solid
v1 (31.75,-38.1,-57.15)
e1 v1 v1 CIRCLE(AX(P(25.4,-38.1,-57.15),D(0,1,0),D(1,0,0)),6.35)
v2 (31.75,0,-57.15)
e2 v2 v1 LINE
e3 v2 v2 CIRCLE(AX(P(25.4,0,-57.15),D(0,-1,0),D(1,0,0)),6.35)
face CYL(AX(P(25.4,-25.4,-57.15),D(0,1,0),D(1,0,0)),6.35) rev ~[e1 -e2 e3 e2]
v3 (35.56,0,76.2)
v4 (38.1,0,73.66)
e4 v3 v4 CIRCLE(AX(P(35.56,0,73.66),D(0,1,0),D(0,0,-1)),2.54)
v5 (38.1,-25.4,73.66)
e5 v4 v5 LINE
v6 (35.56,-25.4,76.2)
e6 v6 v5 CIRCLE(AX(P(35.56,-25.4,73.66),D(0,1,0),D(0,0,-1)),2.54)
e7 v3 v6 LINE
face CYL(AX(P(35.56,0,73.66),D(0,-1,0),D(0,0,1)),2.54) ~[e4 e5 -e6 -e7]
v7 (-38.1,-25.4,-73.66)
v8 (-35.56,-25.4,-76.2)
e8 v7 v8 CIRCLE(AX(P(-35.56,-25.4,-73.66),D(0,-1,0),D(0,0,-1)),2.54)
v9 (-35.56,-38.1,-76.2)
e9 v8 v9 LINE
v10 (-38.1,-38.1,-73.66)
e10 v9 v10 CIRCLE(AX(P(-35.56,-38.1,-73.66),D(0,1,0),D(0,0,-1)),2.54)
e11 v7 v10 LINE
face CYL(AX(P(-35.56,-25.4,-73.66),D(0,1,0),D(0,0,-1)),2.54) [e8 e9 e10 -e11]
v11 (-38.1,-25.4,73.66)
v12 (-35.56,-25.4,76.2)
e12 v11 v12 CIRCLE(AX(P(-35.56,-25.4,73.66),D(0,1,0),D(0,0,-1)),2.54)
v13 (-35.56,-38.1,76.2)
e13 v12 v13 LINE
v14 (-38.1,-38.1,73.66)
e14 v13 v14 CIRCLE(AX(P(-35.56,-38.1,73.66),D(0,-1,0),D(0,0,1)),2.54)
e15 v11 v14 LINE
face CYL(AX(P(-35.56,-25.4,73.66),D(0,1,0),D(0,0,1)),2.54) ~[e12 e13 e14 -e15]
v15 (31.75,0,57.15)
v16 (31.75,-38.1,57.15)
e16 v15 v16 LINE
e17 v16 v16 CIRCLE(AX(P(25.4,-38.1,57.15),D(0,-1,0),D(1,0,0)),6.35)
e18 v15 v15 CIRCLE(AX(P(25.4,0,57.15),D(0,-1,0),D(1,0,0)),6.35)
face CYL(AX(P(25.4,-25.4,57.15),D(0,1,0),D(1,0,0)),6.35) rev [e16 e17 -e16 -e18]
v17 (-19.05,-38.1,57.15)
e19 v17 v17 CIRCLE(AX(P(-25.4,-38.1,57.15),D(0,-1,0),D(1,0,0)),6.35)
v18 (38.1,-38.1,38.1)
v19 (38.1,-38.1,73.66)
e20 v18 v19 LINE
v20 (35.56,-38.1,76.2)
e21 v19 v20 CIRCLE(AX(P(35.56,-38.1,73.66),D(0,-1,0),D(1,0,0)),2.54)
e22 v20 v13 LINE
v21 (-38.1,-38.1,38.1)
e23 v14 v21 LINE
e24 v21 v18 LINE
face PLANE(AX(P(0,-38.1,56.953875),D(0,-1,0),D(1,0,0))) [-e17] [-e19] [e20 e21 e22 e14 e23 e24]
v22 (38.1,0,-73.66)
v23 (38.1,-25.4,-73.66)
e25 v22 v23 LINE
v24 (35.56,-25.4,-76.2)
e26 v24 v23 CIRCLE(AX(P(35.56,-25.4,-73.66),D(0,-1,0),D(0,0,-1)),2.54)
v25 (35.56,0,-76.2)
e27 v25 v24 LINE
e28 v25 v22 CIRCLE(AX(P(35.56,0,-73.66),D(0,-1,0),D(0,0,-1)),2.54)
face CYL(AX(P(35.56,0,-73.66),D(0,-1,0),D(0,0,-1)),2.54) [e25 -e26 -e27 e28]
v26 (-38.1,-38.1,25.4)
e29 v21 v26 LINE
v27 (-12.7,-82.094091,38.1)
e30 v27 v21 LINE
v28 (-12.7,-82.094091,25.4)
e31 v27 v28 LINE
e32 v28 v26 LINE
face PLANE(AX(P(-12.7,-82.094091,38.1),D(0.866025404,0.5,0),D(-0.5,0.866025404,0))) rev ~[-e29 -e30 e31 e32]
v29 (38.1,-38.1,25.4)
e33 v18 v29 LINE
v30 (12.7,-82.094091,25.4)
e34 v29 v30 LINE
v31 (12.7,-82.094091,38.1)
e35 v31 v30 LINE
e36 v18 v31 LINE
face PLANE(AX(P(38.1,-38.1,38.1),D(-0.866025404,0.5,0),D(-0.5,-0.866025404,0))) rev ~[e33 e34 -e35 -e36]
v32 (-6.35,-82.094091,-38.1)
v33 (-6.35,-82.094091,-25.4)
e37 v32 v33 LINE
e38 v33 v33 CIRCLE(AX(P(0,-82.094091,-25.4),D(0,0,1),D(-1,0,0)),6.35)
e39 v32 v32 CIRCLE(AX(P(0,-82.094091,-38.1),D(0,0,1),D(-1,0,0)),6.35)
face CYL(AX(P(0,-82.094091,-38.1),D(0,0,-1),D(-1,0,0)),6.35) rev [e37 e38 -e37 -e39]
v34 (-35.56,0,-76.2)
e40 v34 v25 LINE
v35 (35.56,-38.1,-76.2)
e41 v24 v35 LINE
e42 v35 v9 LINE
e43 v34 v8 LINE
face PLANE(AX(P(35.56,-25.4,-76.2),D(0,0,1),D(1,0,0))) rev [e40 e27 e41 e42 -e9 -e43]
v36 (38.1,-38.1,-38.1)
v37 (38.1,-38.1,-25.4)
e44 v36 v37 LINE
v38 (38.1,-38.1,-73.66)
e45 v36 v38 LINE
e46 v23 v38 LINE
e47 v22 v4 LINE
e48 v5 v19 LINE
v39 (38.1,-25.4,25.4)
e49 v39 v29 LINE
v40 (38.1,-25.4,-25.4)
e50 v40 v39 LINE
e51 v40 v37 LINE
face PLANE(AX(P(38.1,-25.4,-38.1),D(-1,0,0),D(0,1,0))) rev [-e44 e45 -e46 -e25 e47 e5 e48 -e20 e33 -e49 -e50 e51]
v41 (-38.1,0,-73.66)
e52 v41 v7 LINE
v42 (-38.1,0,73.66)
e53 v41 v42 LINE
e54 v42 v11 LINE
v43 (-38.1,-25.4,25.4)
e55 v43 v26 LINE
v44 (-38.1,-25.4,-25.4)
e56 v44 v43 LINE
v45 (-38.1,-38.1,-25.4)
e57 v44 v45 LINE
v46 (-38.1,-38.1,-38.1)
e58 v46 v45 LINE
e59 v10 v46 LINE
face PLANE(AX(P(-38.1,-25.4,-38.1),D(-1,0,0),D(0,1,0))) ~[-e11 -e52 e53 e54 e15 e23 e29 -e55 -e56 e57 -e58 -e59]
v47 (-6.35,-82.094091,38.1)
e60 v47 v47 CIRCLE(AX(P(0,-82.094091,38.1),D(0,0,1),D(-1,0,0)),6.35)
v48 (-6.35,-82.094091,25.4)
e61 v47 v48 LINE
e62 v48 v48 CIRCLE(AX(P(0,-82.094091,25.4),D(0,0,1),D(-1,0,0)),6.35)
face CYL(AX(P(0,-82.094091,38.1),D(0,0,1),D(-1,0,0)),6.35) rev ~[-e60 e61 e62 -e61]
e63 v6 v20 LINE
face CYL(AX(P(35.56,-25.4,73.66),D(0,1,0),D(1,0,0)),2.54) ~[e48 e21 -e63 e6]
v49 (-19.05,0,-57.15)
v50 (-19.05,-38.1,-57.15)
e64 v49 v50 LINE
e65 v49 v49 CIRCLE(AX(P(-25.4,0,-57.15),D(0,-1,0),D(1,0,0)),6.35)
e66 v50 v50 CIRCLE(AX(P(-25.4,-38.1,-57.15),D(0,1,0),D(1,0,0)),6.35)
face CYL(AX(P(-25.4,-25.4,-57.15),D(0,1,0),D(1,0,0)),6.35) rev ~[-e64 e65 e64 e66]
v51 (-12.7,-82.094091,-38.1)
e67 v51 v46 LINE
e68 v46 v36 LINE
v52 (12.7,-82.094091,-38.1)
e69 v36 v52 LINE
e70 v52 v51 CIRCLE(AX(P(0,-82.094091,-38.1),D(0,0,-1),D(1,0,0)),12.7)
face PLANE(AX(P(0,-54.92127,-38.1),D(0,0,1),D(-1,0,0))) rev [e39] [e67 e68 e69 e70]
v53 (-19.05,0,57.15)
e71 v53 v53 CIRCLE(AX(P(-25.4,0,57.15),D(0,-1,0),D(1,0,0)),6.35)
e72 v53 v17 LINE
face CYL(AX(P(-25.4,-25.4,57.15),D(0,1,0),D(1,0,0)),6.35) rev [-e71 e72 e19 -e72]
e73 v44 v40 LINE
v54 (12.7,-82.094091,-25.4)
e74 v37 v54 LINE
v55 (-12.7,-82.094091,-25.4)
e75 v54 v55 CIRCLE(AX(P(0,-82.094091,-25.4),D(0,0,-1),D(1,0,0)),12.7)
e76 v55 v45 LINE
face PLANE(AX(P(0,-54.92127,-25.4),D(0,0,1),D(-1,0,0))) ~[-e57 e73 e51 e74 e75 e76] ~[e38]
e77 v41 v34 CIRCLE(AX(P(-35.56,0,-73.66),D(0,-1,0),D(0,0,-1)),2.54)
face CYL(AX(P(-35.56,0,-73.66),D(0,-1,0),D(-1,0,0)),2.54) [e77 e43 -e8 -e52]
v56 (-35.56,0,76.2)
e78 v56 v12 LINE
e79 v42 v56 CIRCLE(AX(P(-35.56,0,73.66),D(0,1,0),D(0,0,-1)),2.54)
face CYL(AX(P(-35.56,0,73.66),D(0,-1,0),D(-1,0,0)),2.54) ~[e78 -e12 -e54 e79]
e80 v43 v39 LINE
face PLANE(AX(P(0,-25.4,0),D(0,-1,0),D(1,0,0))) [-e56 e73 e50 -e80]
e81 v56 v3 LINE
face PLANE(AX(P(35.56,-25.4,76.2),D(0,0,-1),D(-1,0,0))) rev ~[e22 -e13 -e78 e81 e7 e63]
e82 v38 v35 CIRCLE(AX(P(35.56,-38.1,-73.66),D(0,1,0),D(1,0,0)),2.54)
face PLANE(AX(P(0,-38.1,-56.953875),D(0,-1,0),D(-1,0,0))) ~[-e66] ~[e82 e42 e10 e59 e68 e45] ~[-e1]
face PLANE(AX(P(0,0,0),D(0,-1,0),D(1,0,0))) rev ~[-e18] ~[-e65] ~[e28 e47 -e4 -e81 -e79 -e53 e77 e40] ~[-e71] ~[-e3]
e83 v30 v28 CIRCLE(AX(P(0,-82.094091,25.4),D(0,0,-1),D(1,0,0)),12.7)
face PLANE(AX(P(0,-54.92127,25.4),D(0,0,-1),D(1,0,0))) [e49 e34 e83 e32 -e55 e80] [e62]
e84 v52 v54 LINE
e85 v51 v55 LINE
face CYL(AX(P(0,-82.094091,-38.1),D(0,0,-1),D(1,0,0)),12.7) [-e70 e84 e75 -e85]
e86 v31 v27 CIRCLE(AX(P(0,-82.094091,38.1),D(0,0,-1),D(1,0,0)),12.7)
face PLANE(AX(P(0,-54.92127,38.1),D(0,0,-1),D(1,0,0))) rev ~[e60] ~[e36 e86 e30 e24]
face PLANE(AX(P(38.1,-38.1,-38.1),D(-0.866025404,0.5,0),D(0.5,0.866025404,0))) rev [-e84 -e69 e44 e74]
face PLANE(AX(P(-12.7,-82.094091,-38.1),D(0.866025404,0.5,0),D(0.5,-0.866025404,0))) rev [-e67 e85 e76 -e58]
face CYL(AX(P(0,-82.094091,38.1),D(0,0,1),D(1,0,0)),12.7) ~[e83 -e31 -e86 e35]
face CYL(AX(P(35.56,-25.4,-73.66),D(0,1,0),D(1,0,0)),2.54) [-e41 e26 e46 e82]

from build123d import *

# Parameters (mm, degrees)
F0_W     = 76.2
F0_H     = 152.4
F0_R     = 6.35
F1_DEPTH = 25.4
F2_R     = 2.54
F3_R     = 6.35
F4_DEPTH = 12.7
F5_W     = 76.2
F5_H     = 12.7
F6_DEPTH = 12.7


with BuildPart() as f1:
    # F0 (on Front) → F1 (new body)
    with BuildSketch(Plane.XZ):
        Rectangle(F0_W, F0_H)
        with Locations((-25.4, -57.15)):
            Circle(F0_R, mode=Mode.SUBTRACT)
        with Locations((25.4, -57.15)):
            Circle(F0_R, mode=Mode.SUBTRACT)
        with Locations((-25.4, 57.15)):
            Circle(F0_R, mode=Mode.SUBTRACT)
        with Locations((25.4, 57.15)):
            Circle(F0_R, mode=Mode.SUBTRACT)
    extrude(amount=F1_DEPTH)

    # F2
    f2_edges = [f1.edges().sort_by_distance(p)[0] for p in [
        (-38.1, -12.7, 76.2),
        (-38.1, -12.7, -76.2),
        (38.1, -12.7, -76.2),
        (38.1, -12.7, 76.2),
    ]]
    fillet(f2_edges, radius=F2_R)

    # F3 (on face) → F4 (join)
    with BuildSketch(Plane.XZ.offset(25.4)):
        with BuildLine():
            ThreePointArc((38.1, 73.66), (37.3560512242, 75.4560512242), (35.56, 76.2))
            Line((35.56, 76.2), (-35.56, 76.2))
            ThreePointArc((-35.56, 76.2), (-37.3560512242, 75.4560512242), (-38.1, 73.66))
            Line((-38.1, 73.66), (-38.1, 38.1))
            Line((-38.1, 38.1), (38.1, 38.1))
            Line((38.1, 38.1), (38.1, 73.66))
        make_face()
        with Locations((-25.4, 57.15)):
            Circle(F3_R, mode=Mode.SUBTRACT)
        with Locations((25.4, 57.15)):
            Circle(F3_R, mode=Mode.SUBTRACT)
    extrude(amount=F4_DEPTH)

    # F5 (on face) → F6 (join)
    with BuildSketch(Plane(origin=(0, 0, 38.1), x_dir=(1, 0, 0), z_dir=(0, 0, -1))):
        with BuildLine():
            Line((-12.7, 82.0940905122), (-38.1, 38.1))
            Line((-38.1, 38.1), (38.1, 38.1))
            Line((38.1, 38.1), (12.7, 82.0940905122))
            ThreePointArc((12.7, 82.0940905122), (0, 69.3940905122), (-12.7, 82.0940905122))
        make_face()
        with BuildLine():
            Line((-6.35, 82.0940905122), (-12.7, 82.0940905122))
            ThreePointArc((-12.7, 82.0940905122), (0, 69.3940905122), (12.7, 82.0940905122))
            Line((12.7, 82.0940905122), (6.35, 82.0940905122))
            ThreePointArc((6.35, 82.0940905122), (0, 75.7440905122), (-6.35, 82.0940905122))
        make_face()
        with BuildLine():
            ThreePointArc((12.7, 82.0940905122), (0, 94.7940905122), (-12.7, 82.0940905122))
            Line((-12.7, 82.0940905122), (-6.35, 82.0940905122))
            ThreePointArc((-6.35, 82.0940905122), (0, 88.4440905122), (6.35, 82.0940905122))
            Line((6.35, 82.0940905122), (12.7, 82.0940905122))
        make_face()
        with Locations((0, 31.75)):
            Rectangle(F5_W, F5_H)
    extrude(amount=F6_DEPTH)

    # F7: F1 across plane


with BuildPart() as f1_1:
    add(f1.part)
    add(f1.part.mirror(Plane.XY))


solid = f1_1.part
